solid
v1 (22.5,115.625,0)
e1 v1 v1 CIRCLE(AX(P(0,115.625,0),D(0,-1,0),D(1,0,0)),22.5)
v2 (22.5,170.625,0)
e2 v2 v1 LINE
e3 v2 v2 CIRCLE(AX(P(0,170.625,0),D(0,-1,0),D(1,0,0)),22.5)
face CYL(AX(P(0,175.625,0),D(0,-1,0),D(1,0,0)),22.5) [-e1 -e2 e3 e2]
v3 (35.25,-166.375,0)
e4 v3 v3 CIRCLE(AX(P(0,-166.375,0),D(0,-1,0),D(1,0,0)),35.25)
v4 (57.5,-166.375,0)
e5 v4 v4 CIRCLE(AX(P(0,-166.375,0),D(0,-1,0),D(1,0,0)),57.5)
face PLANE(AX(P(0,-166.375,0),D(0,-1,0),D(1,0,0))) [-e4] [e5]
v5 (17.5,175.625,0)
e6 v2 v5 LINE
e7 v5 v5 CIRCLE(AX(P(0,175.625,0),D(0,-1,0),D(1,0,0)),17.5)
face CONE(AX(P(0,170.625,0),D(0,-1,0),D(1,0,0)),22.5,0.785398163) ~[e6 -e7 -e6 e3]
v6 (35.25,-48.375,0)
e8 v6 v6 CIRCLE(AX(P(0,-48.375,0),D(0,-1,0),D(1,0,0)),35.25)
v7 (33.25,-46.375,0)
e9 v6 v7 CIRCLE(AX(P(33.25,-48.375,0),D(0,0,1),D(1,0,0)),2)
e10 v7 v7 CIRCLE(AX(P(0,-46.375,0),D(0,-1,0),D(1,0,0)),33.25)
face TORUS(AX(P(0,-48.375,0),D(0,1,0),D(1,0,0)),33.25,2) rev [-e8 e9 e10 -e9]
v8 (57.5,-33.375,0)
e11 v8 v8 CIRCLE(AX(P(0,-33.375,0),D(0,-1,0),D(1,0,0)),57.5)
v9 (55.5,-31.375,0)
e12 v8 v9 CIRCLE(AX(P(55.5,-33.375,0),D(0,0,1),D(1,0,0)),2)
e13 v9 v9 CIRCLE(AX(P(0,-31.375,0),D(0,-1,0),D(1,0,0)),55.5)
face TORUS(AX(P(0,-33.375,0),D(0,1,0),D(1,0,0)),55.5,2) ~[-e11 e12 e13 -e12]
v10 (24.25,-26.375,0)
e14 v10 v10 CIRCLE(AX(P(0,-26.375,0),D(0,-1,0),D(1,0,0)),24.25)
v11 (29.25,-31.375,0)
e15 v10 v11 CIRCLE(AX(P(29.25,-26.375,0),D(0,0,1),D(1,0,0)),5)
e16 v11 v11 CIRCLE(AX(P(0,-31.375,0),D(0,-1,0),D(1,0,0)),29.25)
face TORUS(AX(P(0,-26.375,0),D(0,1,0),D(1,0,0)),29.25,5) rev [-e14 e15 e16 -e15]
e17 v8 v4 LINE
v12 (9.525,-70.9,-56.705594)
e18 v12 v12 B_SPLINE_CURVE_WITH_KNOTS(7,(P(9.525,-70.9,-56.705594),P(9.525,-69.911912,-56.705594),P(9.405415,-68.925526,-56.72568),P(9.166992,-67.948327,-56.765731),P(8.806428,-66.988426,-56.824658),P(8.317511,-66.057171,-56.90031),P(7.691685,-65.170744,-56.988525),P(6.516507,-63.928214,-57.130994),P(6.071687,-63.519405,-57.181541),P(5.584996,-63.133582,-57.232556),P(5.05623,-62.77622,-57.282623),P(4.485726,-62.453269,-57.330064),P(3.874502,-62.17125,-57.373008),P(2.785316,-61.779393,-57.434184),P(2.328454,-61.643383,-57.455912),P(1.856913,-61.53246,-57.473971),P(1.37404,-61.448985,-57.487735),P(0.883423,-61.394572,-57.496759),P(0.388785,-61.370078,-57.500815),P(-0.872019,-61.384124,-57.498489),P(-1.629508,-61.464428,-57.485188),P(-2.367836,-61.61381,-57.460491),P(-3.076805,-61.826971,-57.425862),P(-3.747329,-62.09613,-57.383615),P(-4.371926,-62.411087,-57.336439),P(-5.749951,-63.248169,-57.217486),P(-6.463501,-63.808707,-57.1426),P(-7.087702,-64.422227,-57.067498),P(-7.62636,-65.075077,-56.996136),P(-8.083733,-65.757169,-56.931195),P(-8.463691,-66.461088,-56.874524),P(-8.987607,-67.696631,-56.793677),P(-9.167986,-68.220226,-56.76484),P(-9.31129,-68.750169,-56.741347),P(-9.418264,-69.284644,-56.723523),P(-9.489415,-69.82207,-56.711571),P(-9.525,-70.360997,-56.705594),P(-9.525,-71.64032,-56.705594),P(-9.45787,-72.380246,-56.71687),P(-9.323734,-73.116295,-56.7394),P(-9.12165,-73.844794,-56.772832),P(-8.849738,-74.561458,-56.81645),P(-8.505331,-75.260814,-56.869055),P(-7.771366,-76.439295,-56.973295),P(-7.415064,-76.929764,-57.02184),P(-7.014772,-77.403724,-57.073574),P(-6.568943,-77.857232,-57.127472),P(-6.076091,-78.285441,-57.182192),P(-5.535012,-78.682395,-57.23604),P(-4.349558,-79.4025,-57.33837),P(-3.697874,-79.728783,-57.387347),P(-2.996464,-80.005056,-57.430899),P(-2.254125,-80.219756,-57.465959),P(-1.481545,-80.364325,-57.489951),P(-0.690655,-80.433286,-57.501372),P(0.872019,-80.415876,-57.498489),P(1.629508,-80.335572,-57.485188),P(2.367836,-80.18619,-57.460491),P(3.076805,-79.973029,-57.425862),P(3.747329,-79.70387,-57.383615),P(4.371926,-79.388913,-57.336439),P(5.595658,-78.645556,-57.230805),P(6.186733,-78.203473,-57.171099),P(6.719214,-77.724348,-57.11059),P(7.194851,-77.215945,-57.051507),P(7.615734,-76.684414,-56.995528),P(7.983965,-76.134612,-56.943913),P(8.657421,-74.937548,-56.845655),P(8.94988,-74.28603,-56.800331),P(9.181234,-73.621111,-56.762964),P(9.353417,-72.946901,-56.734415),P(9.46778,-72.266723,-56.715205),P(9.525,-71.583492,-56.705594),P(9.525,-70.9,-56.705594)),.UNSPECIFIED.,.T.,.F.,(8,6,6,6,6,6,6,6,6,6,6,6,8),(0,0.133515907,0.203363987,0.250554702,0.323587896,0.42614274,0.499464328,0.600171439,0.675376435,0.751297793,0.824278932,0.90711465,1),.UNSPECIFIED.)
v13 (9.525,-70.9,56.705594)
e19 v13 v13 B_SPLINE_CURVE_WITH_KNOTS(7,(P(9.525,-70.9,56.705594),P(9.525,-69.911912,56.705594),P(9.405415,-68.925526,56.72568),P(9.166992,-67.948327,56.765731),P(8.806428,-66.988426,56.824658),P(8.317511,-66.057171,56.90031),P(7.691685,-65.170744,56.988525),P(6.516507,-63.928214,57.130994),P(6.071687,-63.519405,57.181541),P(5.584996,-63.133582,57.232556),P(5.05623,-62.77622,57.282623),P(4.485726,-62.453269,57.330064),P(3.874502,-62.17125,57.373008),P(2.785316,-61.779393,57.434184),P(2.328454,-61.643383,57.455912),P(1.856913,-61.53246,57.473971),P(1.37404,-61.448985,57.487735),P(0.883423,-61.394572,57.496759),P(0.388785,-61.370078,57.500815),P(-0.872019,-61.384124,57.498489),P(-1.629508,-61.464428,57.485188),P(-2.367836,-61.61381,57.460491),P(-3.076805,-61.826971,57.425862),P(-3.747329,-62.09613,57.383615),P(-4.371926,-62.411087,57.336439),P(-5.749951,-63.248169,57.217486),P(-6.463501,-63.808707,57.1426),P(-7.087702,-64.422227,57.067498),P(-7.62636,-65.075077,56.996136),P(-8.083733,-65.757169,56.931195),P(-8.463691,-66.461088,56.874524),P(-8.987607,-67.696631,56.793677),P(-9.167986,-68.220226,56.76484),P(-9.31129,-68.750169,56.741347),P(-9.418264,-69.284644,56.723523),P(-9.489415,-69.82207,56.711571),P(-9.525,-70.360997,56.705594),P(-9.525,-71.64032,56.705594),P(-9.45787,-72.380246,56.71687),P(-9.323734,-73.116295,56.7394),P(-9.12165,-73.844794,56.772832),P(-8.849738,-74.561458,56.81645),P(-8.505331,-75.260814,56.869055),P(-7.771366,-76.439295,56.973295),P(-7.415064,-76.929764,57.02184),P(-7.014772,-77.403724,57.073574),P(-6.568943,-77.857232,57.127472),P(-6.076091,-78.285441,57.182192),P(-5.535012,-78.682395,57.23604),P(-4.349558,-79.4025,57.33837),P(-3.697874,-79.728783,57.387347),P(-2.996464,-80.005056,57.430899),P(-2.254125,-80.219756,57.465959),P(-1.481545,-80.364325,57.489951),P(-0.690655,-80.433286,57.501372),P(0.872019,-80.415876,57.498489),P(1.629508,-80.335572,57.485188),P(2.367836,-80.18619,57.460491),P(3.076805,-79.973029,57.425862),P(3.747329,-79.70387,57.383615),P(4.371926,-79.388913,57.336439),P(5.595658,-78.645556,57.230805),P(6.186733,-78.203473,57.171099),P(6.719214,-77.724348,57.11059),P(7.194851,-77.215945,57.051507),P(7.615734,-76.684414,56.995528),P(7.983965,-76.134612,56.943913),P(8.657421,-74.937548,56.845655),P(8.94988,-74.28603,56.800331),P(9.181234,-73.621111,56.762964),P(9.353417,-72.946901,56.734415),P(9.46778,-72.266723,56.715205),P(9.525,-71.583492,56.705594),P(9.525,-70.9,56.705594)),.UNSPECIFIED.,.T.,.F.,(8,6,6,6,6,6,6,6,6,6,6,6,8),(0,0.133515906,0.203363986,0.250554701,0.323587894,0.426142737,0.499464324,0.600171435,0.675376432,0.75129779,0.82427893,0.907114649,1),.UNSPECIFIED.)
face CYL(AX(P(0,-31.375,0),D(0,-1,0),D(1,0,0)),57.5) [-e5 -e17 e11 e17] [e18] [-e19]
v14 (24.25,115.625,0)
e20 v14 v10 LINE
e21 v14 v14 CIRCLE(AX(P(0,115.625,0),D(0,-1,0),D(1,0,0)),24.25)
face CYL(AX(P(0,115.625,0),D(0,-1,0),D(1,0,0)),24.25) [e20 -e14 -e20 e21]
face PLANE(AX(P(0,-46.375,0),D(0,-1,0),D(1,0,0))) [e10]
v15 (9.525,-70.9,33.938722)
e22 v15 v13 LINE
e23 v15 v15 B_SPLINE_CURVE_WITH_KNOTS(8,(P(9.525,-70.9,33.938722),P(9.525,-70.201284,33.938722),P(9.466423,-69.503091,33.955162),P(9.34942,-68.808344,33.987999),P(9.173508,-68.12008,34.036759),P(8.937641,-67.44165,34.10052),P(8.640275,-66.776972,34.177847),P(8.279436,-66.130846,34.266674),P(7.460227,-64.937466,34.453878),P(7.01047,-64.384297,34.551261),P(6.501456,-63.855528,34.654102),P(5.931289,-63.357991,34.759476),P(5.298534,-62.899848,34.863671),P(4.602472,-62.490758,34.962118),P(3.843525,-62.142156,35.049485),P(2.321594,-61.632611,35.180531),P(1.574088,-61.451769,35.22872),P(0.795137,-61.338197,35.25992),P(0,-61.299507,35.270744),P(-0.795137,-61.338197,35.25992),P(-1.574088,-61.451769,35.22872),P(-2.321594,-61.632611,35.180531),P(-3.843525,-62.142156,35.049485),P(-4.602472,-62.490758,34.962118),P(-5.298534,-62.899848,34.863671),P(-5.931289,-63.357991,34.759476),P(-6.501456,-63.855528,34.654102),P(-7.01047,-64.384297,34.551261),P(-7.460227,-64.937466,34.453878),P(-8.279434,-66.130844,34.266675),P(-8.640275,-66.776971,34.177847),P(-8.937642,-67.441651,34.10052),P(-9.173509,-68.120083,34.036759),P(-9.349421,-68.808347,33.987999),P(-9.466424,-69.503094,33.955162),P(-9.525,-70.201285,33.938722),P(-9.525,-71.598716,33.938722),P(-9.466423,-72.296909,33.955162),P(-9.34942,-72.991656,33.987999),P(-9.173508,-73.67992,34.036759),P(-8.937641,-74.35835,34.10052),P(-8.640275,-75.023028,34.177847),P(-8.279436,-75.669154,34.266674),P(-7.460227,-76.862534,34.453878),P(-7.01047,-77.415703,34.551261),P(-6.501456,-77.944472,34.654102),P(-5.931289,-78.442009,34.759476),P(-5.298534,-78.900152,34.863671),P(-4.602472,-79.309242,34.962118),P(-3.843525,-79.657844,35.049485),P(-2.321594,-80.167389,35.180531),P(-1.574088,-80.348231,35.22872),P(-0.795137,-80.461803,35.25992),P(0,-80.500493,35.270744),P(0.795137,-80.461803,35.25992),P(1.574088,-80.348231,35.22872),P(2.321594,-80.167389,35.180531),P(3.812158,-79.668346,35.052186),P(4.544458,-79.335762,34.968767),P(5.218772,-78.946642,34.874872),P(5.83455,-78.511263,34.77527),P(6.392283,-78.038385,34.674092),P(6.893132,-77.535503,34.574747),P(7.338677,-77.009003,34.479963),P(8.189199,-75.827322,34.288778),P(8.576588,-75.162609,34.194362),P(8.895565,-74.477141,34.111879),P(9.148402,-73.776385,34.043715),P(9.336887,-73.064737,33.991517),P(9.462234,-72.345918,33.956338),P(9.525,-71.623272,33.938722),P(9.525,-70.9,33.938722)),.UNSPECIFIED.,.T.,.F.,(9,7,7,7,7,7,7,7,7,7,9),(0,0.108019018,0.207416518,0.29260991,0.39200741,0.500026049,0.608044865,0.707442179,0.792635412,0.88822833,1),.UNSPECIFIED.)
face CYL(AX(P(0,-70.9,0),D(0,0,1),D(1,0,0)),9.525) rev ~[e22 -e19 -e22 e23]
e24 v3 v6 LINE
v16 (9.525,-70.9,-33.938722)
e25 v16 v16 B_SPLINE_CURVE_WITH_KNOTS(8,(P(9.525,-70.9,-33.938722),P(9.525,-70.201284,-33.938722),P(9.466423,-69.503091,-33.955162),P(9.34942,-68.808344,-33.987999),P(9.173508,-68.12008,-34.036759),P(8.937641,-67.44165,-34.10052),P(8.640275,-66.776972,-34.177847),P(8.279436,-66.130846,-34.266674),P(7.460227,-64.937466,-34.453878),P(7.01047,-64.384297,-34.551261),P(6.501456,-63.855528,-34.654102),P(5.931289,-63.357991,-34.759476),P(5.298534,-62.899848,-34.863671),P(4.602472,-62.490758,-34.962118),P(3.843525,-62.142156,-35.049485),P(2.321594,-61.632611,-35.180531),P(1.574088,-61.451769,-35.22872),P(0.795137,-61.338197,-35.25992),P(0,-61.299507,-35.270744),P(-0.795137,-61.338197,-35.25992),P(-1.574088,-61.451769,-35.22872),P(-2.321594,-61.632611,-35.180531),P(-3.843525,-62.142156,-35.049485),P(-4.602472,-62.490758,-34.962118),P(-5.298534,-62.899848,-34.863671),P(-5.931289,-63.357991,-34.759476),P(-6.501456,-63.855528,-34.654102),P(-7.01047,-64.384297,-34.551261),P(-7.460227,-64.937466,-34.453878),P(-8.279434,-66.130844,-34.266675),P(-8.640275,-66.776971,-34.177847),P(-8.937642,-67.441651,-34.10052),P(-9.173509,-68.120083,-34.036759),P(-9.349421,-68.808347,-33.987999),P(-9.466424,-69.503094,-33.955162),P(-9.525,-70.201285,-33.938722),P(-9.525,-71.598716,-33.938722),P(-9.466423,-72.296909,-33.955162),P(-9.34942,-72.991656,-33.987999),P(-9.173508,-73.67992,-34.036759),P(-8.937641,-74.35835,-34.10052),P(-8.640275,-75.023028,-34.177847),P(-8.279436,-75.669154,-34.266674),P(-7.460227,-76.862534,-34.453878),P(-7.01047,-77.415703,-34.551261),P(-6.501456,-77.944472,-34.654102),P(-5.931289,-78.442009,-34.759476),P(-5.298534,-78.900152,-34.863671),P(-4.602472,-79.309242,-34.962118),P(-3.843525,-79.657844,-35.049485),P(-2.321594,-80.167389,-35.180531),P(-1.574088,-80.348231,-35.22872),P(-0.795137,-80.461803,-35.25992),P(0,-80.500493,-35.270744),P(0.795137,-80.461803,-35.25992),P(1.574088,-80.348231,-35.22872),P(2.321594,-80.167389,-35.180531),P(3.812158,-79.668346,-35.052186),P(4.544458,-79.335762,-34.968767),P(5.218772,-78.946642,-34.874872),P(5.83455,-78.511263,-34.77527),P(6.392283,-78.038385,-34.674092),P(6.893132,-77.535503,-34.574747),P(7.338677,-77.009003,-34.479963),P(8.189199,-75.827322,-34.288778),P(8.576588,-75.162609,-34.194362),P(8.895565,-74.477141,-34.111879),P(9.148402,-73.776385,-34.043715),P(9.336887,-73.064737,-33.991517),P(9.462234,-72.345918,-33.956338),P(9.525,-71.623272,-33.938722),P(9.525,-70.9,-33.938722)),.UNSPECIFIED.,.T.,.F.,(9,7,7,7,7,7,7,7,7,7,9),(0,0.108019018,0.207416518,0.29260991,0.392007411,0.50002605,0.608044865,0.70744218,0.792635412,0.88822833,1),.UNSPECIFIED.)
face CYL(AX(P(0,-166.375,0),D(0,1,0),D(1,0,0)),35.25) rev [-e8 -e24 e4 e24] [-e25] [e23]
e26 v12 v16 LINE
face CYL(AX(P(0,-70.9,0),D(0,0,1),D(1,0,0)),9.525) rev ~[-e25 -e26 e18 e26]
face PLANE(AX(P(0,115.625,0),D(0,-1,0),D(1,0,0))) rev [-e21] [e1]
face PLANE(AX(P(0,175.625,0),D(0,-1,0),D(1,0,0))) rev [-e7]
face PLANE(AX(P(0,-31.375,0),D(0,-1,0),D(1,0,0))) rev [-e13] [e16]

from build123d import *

# Parameters (mm, degrees)
REDONDEO1_R           = 5
REDONDEO2_R           = 2
CROQUIS2_R            = 9.525
CORTAR_EXTRUIR1_DEPTH = 60
REDONDEO3_R           = 2
CHAFL_N1_SIZE         = 5


with BuildPart() as part:
    # Croquis1 → Revolución2 (revolve)
    with BuildSketch(Plane.XY):
        Polygon((0, 175.625), (22.5, 175.625), (22.5, 115.625), (24.25, 115.625), (24.25, -31.375), (57.5, -31.375), (57.5, -166.375), (35.25, -166.375), (35.25, -46.375), (0, -46.375), align=None)
    revolve(axis=Axis((0, 96.1875, 0), (0, -1, 0)))

    # Redondeo1
    redondeo1_edges = [part.edges().sort_by_distance(p)[0] for p in [
        (-24.25, -31.375, 0),
    ]]
    fillet(redondeo1_edges, radius=REDONDEO1_R)

    # Redondeo2
    redondeo2_edges = [part.edges().sort_by_distance(p)[0] for p in [
        (-35.25, -46.375, 0),
    ]]
    fillet(redondeo2_edges, radius=REDONDEO2_R)

    # Croquis2 → Cortar-Extruir1 (cut, symmetric)
    with BuildSketch(Plane.XY):
        with Locations((0, -70.9)):
            Circle(CROQUIS2_R)
    extrude(amount=CORTAR_EXTRUIR1_DEPTH, both=True, mode=Mode.SUBTRACT)

    # Redondeo3
    redondeo3_edges = [part.edges().sort_by_distance(p)[0] for p in [
        (-57.5, -31.375, 0),
    ]]
    fillet(redondeo3_edges, radius=REDONDEO3_R)

    # Chaflán1
    chafl_n1_edges = [part.edges().sort_by_distance(p)[0] for p in [
        (-22.5, 175.625, 0),
    ]]
    chamfer(chafl_n1_edges, length=CHAFL_N1_SIZE)


solid = part.part
